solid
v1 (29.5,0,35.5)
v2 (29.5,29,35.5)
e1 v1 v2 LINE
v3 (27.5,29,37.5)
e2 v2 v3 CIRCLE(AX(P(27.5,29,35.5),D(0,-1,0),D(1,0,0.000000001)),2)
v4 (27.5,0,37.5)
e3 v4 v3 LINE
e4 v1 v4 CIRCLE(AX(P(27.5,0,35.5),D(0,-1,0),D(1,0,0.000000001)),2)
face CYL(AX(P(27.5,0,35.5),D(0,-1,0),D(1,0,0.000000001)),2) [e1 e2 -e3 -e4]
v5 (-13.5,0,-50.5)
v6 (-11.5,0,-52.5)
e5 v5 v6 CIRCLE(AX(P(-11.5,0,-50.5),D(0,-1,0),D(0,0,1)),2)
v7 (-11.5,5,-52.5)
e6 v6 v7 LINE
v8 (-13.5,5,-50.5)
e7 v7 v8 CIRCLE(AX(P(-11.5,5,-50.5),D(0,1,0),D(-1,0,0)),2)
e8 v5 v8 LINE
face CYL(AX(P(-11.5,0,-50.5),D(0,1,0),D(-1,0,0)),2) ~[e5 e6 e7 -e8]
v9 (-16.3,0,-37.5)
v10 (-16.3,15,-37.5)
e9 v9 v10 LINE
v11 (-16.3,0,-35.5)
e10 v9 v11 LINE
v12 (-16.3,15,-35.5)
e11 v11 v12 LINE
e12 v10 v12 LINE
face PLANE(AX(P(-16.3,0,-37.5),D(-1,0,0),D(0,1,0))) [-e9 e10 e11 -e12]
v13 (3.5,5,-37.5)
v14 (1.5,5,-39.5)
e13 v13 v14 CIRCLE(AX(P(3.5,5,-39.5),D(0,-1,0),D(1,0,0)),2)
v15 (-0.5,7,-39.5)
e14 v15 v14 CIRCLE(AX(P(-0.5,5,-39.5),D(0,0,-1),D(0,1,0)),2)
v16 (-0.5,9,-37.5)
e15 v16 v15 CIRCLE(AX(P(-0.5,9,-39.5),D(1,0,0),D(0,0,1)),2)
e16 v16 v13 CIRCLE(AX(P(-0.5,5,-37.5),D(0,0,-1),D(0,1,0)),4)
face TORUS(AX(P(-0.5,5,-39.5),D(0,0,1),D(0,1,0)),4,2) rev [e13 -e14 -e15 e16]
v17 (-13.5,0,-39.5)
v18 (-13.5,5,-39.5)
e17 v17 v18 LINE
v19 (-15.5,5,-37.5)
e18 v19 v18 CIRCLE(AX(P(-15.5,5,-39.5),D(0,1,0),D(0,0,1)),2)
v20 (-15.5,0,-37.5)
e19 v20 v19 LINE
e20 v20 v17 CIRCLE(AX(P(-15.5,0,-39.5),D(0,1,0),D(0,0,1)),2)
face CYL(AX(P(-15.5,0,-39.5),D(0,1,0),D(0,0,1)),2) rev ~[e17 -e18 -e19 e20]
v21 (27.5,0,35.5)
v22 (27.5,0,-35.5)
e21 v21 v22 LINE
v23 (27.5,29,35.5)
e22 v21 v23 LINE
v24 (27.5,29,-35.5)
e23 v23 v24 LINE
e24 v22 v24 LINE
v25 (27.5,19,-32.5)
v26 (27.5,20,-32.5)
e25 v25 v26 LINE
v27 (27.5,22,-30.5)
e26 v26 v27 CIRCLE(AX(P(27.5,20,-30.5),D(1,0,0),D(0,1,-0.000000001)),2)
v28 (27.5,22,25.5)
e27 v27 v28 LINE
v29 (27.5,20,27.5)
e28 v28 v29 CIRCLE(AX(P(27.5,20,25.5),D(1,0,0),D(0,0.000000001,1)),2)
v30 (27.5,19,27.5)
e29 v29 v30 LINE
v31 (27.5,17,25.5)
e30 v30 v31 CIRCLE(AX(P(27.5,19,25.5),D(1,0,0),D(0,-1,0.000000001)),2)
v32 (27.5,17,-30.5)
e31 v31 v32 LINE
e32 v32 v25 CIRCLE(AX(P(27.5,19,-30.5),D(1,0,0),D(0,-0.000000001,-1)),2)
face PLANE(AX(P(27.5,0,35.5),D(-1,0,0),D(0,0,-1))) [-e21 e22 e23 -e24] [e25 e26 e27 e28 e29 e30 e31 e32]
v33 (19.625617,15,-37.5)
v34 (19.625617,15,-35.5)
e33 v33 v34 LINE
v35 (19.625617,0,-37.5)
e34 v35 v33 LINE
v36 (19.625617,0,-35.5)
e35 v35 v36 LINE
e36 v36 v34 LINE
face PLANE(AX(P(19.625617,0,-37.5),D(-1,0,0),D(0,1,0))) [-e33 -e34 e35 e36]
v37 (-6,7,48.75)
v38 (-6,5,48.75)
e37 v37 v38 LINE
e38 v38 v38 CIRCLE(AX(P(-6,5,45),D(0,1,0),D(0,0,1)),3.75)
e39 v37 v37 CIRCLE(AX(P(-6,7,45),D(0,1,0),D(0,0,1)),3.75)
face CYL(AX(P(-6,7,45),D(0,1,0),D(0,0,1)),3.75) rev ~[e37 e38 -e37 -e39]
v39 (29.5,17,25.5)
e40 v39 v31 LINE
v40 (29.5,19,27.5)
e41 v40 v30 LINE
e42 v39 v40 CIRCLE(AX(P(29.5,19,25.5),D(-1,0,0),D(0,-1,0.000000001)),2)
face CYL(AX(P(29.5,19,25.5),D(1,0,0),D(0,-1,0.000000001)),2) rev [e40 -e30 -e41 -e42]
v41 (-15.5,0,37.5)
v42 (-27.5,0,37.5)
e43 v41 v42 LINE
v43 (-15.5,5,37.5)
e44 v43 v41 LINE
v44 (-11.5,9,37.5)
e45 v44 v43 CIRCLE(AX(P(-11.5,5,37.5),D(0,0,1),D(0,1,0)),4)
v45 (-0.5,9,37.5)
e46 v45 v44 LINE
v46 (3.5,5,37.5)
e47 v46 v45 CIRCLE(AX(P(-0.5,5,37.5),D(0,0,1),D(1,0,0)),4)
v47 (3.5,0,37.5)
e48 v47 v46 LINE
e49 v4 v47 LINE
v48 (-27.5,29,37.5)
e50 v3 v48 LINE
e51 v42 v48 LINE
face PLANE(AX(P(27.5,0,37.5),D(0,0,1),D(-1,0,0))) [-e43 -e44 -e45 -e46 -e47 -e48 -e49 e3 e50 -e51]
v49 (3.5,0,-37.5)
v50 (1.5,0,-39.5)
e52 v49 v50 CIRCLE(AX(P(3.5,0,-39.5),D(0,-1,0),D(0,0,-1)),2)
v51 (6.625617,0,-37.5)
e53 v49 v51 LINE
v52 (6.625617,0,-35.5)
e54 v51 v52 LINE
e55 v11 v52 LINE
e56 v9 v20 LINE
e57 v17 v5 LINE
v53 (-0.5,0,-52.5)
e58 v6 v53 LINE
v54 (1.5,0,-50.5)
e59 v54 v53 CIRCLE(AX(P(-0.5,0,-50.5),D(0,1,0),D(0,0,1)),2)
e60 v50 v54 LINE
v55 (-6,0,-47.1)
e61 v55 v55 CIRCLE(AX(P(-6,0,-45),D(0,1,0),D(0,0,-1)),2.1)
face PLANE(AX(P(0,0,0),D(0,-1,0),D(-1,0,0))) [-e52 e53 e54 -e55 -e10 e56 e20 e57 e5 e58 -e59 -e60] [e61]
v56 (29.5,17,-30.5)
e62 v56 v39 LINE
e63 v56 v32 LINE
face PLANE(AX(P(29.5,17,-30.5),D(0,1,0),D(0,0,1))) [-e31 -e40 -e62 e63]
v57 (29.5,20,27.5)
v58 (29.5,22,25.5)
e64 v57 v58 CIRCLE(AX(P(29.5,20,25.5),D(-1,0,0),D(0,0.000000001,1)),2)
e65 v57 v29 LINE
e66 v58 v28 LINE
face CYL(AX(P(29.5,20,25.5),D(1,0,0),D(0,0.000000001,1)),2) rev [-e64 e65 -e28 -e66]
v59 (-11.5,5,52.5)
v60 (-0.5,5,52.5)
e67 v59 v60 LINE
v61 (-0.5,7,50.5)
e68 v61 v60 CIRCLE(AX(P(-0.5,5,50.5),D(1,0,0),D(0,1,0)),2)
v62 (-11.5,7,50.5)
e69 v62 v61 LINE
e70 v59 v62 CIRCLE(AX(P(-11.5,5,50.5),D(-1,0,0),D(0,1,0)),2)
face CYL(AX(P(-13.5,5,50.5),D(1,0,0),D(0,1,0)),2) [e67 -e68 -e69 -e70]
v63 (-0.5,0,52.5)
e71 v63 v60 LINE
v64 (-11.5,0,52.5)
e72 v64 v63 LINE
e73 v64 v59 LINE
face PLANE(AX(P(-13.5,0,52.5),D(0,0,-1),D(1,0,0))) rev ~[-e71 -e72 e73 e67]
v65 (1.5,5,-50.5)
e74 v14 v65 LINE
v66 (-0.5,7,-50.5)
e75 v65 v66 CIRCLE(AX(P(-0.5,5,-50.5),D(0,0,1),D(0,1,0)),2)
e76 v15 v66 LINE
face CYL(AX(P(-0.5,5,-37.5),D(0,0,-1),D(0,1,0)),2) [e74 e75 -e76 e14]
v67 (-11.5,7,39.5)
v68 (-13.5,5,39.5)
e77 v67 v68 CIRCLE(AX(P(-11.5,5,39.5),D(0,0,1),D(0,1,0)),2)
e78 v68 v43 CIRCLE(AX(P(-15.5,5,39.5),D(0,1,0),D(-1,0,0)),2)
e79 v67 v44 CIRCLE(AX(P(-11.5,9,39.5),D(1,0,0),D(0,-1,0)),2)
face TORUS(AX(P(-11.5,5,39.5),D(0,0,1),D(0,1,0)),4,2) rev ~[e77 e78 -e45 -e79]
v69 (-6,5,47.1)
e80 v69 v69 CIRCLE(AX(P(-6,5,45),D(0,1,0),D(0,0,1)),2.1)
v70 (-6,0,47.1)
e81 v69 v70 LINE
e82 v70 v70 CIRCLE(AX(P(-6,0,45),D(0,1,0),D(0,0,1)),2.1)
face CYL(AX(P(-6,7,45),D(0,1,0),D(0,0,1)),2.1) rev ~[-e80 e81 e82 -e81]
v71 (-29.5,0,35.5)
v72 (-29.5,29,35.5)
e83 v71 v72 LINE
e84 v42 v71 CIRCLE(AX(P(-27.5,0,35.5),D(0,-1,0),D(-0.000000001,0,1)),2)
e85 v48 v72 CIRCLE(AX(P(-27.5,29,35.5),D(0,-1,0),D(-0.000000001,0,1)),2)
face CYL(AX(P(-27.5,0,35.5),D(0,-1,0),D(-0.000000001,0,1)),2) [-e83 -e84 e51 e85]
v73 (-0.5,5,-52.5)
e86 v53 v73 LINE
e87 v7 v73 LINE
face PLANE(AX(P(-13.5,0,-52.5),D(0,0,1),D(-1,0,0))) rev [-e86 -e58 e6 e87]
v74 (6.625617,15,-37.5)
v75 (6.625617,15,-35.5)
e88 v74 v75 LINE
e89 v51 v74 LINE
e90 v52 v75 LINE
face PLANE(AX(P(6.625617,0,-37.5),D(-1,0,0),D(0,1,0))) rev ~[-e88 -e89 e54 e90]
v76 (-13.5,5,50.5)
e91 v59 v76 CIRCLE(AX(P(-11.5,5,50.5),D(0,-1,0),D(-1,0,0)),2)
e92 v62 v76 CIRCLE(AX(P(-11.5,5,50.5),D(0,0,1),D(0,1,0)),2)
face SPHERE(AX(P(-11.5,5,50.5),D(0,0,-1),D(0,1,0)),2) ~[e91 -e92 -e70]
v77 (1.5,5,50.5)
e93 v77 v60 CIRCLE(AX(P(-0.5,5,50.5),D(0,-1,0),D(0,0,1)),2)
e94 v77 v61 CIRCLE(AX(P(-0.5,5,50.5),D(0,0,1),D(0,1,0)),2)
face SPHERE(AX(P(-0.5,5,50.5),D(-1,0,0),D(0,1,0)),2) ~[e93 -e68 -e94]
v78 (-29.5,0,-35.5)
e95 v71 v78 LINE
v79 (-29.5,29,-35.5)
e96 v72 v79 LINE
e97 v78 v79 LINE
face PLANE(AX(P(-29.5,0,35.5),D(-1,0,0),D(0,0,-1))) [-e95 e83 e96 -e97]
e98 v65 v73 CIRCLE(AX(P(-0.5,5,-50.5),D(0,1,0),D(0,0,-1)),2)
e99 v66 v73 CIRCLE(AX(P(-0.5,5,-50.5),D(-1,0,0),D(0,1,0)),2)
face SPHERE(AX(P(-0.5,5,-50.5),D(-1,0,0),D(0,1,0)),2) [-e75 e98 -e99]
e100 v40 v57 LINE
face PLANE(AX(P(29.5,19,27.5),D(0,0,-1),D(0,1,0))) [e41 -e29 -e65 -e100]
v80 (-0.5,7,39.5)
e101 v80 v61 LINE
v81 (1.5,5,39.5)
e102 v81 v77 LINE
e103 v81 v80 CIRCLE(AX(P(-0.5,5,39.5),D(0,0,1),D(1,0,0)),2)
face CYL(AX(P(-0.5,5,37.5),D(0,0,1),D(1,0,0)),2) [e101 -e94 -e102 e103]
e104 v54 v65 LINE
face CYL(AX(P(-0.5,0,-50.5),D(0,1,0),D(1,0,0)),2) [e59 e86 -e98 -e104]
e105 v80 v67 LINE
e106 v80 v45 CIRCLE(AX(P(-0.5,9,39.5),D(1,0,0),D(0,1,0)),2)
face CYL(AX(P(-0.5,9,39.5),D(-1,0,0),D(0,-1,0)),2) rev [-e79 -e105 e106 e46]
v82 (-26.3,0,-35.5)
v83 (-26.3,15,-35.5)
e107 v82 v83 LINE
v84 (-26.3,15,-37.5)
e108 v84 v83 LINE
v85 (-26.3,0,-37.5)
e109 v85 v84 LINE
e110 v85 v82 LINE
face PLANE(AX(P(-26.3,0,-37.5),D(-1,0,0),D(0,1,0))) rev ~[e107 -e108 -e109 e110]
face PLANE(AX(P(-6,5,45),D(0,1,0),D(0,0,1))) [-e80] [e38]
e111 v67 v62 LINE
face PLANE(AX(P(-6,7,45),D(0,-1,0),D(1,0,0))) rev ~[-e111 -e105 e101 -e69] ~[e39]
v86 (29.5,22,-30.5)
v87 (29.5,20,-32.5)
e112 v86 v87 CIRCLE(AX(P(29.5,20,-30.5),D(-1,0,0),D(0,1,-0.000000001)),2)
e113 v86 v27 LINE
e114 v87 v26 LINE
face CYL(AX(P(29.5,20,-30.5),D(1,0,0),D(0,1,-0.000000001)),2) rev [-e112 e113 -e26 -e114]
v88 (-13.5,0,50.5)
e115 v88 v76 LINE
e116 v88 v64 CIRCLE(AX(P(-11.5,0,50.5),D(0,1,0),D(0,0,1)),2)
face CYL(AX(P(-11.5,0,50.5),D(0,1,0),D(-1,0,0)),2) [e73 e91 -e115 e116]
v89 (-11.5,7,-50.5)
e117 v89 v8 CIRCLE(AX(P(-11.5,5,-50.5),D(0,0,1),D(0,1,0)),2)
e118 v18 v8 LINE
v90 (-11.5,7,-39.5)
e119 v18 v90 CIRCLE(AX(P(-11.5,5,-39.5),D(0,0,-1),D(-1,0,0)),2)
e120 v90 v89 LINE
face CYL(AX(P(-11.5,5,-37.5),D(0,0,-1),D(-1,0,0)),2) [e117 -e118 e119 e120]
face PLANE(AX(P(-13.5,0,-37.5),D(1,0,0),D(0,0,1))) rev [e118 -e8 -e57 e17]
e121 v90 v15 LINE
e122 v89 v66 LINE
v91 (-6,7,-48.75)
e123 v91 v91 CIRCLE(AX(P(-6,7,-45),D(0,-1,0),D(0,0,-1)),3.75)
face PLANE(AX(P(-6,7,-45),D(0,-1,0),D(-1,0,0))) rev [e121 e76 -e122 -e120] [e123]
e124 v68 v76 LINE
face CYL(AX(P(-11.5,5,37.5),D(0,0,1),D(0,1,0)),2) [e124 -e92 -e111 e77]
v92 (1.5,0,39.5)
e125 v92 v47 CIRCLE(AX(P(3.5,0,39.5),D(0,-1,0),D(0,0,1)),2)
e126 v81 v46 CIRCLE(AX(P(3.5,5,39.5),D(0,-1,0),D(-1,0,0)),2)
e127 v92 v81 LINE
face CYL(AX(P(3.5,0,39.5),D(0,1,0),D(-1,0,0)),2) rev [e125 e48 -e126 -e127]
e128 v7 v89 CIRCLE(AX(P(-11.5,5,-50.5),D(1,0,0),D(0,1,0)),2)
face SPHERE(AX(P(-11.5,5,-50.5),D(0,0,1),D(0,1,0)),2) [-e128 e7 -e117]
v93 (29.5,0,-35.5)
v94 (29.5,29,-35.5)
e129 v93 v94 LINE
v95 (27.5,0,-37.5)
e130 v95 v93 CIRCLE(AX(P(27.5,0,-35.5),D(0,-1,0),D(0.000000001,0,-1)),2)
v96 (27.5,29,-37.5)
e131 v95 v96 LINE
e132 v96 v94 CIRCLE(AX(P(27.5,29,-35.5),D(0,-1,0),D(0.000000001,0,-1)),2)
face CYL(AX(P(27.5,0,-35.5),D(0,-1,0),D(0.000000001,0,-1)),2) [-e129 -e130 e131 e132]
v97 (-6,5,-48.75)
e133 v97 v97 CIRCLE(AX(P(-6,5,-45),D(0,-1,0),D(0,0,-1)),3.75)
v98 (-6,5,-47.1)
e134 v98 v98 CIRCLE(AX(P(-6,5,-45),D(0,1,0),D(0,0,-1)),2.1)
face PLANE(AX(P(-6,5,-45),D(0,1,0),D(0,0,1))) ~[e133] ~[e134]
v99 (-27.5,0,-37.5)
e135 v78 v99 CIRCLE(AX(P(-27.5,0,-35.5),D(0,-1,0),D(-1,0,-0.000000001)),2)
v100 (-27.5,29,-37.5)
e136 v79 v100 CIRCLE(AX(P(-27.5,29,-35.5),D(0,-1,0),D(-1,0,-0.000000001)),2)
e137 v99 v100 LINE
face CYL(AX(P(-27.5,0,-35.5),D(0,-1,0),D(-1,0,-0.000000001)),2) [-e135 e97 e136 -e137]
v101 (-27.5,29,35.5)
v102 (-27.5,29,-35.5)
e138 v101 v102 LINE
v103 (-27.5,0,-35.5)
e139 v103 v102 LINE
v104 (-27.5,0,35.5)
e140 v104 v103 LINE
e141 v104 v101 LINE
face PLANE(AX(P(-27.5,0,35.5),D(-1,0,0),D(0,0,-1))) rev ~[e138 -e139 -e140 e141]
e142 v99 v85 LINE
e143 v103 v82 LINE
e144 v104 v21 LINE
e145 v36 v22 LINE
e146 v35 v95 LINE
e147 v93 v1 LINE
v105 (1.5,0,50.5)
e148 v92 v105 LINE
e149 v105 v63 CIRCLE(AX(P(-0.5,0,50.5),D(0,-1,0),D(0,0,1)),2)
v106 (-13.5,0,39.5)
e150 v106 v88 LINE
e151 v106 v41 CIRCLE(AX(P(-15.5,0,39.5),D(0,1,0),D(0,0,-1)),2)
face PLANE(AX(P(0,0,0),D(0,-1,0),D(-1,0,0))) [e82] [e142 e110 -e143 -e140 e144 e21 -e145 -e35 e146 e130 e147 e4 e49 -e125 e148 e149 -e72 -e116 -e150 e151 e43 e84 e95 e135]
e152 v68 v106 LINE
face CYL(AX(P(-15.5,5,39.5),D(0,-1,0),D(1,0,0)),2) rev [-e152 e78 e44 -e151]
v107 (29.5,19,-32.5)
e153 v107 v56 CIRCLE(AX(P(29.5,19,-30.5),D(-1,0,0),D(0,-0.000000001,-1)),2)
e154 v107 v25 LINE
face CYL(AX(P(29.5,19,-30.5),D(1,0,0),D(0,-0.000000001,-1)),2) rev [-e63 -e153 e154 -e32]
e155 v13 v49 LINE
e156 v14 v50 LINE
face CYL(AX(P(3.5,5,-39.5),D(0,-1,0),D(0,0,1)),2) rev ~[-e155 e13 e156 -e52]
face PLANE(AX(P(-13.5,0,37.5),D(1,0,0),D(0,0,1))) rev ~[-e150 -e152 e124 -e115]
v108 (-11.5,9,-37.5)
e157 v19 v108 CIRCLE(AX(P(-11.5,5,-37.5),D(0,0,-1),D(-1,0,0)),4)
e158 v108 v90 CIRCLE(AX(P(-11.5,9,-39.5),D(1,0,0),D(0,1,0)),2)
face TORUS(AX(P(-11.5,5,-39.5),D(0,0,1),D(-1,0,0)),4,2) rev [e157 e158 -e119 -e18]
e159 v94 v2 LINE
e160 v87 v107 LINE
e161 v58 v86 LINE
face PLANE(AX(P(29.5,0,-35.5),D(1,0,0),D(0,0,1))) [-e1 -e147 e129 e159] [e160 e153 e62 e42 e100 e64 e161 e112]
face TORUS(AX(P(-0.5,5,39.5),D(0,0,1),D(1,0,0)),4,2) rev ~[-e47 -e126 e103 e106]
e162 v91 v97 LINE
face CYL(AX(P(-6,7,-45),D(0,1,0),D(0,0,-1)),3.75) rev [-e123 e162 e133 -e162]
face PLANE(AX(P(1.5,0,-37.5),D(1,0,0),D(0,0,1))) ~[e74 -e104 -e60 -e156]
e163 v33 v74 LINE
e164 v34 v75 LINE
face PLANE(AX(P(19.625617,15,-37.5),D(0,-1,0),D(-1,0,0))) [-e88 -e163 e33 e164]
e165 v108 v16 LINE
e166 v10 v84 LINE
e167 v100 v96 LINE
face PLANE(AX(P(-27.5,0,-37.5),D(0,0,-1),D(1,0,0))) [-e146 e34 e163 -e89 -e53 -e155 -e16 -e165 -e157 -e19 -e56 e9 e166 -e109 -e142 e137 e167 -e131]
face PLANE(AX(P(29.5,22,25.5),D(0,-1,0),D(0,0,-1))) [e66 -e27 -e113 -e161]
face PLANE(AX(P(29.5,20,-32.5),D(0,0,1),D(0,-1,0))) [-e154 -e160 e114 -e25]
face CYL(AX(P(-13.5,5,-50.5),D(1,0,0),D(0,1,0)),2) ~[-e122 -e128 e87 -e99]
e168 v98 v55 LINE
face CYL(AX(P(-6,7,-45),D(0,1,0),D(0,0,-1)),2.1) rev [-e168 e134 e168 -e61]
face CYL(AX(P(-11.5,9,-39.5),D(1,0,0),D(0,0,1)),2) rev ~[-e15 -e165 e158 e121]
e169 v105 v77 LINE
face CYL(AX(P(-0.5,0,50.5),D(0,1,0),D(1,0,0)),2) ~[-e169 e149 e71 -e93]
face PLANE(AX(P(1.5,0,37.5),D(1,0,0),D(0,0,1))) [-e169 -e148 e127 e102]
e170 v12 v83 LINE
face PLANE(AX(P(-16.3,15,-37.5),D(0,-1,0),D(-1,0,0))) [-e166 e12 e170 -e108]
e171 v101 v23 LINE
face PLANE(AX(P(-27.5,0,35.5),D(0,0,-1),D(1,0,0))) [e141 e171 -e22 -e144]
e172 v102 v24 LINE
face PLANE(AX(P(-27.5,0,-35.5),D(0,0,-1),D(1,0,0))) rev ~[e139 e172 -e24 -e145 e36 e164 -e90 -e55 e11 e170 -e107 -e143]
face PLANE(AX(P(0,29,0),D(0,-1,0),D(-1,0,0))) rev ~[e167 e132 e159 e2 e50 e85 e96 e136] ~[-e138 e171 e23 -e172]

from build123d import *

# Parameters (mm, degrees)
SKETCH1_W            = 55
SKETCH1_H            = 71
BOSS_EXTRUDE1_DEPTH  = 29
SKETCH2_W            = 13
SKETCH2_H            = 15
SKETCH2_W_2          = 10
CUT_EXTRUDE1_DEPTH   = 27
CUT_EXTRUDE2_DEPTH   = 27
SKETCH4_W            = 15
SKETCH4_H            = 15
BOSS_EXTRUDE2_DEPTH  = 7
FILLET1_R            = 2
SKETCH5_R            = 2.1
CUT_EXTRUDE3_DEPTH   = 15
SKETCH6_R            = 3.75
CUT_EXTRUDE4_DEPTH   = 2
FILLET1_OF_MIRROR2_R = 2
FILLET2_R            = 2


with BuildPart() as part:
    # Sketch1 → Boss-Extrude1 (new body)
    with BuildSketch(Plane(origin=(0, 0, 0), x_dir=(1, 0, 0), z_dir=(0, 1, 0))):
        with BuildLine():
            Line((-27.5, 37.5), (27.5, 37.5))
            ThreePointArc((27.5, 37.5), (28.914213562, 36.914213562), (29.5, 35.5))
            Line((29.5, 35.5), (29.5, -35.5))
            ThreePointArc((29.5, -35.5), (28.914213562, -36.914213562), (27.5, -37.5))
            Line((27.5, -37.5), (-27.5, -37.5))
            ThreePointArc((-27.5, -37.5), (-28.914213562, -36.914213562), (-29.5, -35.5))
            Line((-29.5, -35.5), (-29.5, 35.5))
            ThreePointArc((-29.5, 35.5), (-28.914213562, 36.914213562), (-27.5, 37.5))
        make_face()
        Rectangle(SKETCH1_W, SKETCH1_H, mode=Mode.SUBTRACT)
    extrude(amount=BOSS_EXTRUDE1_DEPTH)

    # Sketch2 → Cut-Extrude1 (cut)
    with BuildSketch(Plane(origin=(0, 0, -37.5), x_dir=(-1, 0, 0), z_dir=(0, 0, -1))):
        with Locations((-13.12561668, 7.5)):
            Rectangle(SKETCH2_W, SKETCH2_H)
        with Locations((21.3, 7.5)):
            Rectangle(SKETCH2_W_2, SKETCH2_H)
    extrude(amount=-CUT_EXTRUDE1_DEPTH, mode=Mode.SUBTRACT)

    # Sketch3 → Cut-Extrude2 (cut)
    with BuildSketch(Plane(origin=(29.5, 0, 0), x_dir=(0, 0, -1), z_dir=(1, 0, 0))):
        with BuildLine():
            Line((-25.5, 22), (30.5, 22))
            ThreePointArc((30.5, 22), (31.914213562, 21.414213562), (32.5, 20))
            Line((32.5, 20), (32.5, 19))
            ThreePointArc((32.5, 19), (31.914213562, 17.585786438), (30.5, 17))
            Line((30.5, 17), (-25.5, 17))
            ThreePointArc((-25.5, 17), (-26.914213562, 17.585786438), (-27.5, 19))
            Line((-27.5, 19), (-27.5, 20))
            ThreePointArc((-27.5, 20), (-26.914213562, 21.414213562), (-25.5, 22))
        make_face()
    extrude(amount=-CUT_EXTRUDE2_DEPTH, mode=Mode.SUBTRACT)

    # Sketch4 → Boss-Extrude2 (add)
    with BuildSketch(Plane.XZ):
        with Locations((-6, 45)):
            Rectangle(SKETCH4_W, SKETCH4_H)
    boss_extrude2 = extrude(amount=-BOSS_EXTRUDE2_DEPTH)

    # Fillet1
    fillet1_edges = [part.edges().sort_by_distance(p)[0] for p in [
        (-13.5, 7, 45),
        (-6, 7, 52.5),
        (-13.5, 3.5, 52.5),
        (1.5, 7, 45),
        (1.5, 3.5, 52.5),
    ]]
    fillet(fillet1_edges, radius=FILLET1_R)

    # Sketch5 → Cut-Extrude3 (cut)
    with BuildSketch(Plane(origin=(0, 7, 0), x_dir=(1, 0, 0), z_dir=(0, 1, 0))):
        with Locations(Location((-6, -45, 0), (0, 0, 270))):  # turned: the seam where the file's is
            Circle(SKETCH5_R)
    cut_extrude3 = extrude(amount=-CUT_EXTRUDE3_DEPTH, mode=Mode.SUBTRACT)

    # Sketch6 → Cut-Extrude4 (cut)
    with BuildSketch(Plane(origin=(0, 7, 0), x_dir=(1, 0, 0), z_dir=(0, 1, 0))):
        with Locations(Location((-6, -45, 0), (0, 0, 270))):  # turned: the seam where the file's is
            Circle(SKETCH6_R)
    cut_extrude4 = extrude(amount=-CUT_EXTRUDE4_DEPTH, mode=Mode.SUBTRACT)

    # Mirror2: Boss-Extrude2, Cut-Extrude3, Cut-Extrude4 across plane
    add(boss_extrude2.mirror(Plane.XY))
    add(cut_extrude3.mirror(Plane.XY), mode=Mode.SUBTRACT)
    add(cut_extrude4.mirror(Plane.XY), mode=Mode.SUBTRACT)

    # Fillet1 of Mirror2
    fillet1_of_mirror2_edges = [part.edges().sort_by_distance(p)[0] for p in [
        (-13.5, 7, -45),
        (-6, 7, -52.5),
        (-13.5, 3.5, -52.5),
        (1.5, 7, -45),
        (1.5, 3.5, -52.5),
    ]]
    fillet(fillet1_of_mirror2_edges, radius=FILLET1_OF_MIRROR2_R)

    # Fillet2
    fillet2_edges = [part.edges().sort_by_distance(p)[0] for p in [
        (1.5, 2.5, 37.5),
        (-6, 7, 37.5),
        (-13.5, 2.5, 37.5),
        (0.914213562, 6.414213562, 37.5),
        (-12.914213562, 6.414213562, 37.5),
        (-6, 7, -37.5),
        (1.5, 2.5, -37.5),
        (-13.5, 2.5, -37.5),
        (0.914213562, 6.414213562, -37.5),
        (-12.914213562, 6.414213562, -37.5),
    ]]
    fillet(fillet2_edges, radius=FILLET2_R)


solid = part.part
